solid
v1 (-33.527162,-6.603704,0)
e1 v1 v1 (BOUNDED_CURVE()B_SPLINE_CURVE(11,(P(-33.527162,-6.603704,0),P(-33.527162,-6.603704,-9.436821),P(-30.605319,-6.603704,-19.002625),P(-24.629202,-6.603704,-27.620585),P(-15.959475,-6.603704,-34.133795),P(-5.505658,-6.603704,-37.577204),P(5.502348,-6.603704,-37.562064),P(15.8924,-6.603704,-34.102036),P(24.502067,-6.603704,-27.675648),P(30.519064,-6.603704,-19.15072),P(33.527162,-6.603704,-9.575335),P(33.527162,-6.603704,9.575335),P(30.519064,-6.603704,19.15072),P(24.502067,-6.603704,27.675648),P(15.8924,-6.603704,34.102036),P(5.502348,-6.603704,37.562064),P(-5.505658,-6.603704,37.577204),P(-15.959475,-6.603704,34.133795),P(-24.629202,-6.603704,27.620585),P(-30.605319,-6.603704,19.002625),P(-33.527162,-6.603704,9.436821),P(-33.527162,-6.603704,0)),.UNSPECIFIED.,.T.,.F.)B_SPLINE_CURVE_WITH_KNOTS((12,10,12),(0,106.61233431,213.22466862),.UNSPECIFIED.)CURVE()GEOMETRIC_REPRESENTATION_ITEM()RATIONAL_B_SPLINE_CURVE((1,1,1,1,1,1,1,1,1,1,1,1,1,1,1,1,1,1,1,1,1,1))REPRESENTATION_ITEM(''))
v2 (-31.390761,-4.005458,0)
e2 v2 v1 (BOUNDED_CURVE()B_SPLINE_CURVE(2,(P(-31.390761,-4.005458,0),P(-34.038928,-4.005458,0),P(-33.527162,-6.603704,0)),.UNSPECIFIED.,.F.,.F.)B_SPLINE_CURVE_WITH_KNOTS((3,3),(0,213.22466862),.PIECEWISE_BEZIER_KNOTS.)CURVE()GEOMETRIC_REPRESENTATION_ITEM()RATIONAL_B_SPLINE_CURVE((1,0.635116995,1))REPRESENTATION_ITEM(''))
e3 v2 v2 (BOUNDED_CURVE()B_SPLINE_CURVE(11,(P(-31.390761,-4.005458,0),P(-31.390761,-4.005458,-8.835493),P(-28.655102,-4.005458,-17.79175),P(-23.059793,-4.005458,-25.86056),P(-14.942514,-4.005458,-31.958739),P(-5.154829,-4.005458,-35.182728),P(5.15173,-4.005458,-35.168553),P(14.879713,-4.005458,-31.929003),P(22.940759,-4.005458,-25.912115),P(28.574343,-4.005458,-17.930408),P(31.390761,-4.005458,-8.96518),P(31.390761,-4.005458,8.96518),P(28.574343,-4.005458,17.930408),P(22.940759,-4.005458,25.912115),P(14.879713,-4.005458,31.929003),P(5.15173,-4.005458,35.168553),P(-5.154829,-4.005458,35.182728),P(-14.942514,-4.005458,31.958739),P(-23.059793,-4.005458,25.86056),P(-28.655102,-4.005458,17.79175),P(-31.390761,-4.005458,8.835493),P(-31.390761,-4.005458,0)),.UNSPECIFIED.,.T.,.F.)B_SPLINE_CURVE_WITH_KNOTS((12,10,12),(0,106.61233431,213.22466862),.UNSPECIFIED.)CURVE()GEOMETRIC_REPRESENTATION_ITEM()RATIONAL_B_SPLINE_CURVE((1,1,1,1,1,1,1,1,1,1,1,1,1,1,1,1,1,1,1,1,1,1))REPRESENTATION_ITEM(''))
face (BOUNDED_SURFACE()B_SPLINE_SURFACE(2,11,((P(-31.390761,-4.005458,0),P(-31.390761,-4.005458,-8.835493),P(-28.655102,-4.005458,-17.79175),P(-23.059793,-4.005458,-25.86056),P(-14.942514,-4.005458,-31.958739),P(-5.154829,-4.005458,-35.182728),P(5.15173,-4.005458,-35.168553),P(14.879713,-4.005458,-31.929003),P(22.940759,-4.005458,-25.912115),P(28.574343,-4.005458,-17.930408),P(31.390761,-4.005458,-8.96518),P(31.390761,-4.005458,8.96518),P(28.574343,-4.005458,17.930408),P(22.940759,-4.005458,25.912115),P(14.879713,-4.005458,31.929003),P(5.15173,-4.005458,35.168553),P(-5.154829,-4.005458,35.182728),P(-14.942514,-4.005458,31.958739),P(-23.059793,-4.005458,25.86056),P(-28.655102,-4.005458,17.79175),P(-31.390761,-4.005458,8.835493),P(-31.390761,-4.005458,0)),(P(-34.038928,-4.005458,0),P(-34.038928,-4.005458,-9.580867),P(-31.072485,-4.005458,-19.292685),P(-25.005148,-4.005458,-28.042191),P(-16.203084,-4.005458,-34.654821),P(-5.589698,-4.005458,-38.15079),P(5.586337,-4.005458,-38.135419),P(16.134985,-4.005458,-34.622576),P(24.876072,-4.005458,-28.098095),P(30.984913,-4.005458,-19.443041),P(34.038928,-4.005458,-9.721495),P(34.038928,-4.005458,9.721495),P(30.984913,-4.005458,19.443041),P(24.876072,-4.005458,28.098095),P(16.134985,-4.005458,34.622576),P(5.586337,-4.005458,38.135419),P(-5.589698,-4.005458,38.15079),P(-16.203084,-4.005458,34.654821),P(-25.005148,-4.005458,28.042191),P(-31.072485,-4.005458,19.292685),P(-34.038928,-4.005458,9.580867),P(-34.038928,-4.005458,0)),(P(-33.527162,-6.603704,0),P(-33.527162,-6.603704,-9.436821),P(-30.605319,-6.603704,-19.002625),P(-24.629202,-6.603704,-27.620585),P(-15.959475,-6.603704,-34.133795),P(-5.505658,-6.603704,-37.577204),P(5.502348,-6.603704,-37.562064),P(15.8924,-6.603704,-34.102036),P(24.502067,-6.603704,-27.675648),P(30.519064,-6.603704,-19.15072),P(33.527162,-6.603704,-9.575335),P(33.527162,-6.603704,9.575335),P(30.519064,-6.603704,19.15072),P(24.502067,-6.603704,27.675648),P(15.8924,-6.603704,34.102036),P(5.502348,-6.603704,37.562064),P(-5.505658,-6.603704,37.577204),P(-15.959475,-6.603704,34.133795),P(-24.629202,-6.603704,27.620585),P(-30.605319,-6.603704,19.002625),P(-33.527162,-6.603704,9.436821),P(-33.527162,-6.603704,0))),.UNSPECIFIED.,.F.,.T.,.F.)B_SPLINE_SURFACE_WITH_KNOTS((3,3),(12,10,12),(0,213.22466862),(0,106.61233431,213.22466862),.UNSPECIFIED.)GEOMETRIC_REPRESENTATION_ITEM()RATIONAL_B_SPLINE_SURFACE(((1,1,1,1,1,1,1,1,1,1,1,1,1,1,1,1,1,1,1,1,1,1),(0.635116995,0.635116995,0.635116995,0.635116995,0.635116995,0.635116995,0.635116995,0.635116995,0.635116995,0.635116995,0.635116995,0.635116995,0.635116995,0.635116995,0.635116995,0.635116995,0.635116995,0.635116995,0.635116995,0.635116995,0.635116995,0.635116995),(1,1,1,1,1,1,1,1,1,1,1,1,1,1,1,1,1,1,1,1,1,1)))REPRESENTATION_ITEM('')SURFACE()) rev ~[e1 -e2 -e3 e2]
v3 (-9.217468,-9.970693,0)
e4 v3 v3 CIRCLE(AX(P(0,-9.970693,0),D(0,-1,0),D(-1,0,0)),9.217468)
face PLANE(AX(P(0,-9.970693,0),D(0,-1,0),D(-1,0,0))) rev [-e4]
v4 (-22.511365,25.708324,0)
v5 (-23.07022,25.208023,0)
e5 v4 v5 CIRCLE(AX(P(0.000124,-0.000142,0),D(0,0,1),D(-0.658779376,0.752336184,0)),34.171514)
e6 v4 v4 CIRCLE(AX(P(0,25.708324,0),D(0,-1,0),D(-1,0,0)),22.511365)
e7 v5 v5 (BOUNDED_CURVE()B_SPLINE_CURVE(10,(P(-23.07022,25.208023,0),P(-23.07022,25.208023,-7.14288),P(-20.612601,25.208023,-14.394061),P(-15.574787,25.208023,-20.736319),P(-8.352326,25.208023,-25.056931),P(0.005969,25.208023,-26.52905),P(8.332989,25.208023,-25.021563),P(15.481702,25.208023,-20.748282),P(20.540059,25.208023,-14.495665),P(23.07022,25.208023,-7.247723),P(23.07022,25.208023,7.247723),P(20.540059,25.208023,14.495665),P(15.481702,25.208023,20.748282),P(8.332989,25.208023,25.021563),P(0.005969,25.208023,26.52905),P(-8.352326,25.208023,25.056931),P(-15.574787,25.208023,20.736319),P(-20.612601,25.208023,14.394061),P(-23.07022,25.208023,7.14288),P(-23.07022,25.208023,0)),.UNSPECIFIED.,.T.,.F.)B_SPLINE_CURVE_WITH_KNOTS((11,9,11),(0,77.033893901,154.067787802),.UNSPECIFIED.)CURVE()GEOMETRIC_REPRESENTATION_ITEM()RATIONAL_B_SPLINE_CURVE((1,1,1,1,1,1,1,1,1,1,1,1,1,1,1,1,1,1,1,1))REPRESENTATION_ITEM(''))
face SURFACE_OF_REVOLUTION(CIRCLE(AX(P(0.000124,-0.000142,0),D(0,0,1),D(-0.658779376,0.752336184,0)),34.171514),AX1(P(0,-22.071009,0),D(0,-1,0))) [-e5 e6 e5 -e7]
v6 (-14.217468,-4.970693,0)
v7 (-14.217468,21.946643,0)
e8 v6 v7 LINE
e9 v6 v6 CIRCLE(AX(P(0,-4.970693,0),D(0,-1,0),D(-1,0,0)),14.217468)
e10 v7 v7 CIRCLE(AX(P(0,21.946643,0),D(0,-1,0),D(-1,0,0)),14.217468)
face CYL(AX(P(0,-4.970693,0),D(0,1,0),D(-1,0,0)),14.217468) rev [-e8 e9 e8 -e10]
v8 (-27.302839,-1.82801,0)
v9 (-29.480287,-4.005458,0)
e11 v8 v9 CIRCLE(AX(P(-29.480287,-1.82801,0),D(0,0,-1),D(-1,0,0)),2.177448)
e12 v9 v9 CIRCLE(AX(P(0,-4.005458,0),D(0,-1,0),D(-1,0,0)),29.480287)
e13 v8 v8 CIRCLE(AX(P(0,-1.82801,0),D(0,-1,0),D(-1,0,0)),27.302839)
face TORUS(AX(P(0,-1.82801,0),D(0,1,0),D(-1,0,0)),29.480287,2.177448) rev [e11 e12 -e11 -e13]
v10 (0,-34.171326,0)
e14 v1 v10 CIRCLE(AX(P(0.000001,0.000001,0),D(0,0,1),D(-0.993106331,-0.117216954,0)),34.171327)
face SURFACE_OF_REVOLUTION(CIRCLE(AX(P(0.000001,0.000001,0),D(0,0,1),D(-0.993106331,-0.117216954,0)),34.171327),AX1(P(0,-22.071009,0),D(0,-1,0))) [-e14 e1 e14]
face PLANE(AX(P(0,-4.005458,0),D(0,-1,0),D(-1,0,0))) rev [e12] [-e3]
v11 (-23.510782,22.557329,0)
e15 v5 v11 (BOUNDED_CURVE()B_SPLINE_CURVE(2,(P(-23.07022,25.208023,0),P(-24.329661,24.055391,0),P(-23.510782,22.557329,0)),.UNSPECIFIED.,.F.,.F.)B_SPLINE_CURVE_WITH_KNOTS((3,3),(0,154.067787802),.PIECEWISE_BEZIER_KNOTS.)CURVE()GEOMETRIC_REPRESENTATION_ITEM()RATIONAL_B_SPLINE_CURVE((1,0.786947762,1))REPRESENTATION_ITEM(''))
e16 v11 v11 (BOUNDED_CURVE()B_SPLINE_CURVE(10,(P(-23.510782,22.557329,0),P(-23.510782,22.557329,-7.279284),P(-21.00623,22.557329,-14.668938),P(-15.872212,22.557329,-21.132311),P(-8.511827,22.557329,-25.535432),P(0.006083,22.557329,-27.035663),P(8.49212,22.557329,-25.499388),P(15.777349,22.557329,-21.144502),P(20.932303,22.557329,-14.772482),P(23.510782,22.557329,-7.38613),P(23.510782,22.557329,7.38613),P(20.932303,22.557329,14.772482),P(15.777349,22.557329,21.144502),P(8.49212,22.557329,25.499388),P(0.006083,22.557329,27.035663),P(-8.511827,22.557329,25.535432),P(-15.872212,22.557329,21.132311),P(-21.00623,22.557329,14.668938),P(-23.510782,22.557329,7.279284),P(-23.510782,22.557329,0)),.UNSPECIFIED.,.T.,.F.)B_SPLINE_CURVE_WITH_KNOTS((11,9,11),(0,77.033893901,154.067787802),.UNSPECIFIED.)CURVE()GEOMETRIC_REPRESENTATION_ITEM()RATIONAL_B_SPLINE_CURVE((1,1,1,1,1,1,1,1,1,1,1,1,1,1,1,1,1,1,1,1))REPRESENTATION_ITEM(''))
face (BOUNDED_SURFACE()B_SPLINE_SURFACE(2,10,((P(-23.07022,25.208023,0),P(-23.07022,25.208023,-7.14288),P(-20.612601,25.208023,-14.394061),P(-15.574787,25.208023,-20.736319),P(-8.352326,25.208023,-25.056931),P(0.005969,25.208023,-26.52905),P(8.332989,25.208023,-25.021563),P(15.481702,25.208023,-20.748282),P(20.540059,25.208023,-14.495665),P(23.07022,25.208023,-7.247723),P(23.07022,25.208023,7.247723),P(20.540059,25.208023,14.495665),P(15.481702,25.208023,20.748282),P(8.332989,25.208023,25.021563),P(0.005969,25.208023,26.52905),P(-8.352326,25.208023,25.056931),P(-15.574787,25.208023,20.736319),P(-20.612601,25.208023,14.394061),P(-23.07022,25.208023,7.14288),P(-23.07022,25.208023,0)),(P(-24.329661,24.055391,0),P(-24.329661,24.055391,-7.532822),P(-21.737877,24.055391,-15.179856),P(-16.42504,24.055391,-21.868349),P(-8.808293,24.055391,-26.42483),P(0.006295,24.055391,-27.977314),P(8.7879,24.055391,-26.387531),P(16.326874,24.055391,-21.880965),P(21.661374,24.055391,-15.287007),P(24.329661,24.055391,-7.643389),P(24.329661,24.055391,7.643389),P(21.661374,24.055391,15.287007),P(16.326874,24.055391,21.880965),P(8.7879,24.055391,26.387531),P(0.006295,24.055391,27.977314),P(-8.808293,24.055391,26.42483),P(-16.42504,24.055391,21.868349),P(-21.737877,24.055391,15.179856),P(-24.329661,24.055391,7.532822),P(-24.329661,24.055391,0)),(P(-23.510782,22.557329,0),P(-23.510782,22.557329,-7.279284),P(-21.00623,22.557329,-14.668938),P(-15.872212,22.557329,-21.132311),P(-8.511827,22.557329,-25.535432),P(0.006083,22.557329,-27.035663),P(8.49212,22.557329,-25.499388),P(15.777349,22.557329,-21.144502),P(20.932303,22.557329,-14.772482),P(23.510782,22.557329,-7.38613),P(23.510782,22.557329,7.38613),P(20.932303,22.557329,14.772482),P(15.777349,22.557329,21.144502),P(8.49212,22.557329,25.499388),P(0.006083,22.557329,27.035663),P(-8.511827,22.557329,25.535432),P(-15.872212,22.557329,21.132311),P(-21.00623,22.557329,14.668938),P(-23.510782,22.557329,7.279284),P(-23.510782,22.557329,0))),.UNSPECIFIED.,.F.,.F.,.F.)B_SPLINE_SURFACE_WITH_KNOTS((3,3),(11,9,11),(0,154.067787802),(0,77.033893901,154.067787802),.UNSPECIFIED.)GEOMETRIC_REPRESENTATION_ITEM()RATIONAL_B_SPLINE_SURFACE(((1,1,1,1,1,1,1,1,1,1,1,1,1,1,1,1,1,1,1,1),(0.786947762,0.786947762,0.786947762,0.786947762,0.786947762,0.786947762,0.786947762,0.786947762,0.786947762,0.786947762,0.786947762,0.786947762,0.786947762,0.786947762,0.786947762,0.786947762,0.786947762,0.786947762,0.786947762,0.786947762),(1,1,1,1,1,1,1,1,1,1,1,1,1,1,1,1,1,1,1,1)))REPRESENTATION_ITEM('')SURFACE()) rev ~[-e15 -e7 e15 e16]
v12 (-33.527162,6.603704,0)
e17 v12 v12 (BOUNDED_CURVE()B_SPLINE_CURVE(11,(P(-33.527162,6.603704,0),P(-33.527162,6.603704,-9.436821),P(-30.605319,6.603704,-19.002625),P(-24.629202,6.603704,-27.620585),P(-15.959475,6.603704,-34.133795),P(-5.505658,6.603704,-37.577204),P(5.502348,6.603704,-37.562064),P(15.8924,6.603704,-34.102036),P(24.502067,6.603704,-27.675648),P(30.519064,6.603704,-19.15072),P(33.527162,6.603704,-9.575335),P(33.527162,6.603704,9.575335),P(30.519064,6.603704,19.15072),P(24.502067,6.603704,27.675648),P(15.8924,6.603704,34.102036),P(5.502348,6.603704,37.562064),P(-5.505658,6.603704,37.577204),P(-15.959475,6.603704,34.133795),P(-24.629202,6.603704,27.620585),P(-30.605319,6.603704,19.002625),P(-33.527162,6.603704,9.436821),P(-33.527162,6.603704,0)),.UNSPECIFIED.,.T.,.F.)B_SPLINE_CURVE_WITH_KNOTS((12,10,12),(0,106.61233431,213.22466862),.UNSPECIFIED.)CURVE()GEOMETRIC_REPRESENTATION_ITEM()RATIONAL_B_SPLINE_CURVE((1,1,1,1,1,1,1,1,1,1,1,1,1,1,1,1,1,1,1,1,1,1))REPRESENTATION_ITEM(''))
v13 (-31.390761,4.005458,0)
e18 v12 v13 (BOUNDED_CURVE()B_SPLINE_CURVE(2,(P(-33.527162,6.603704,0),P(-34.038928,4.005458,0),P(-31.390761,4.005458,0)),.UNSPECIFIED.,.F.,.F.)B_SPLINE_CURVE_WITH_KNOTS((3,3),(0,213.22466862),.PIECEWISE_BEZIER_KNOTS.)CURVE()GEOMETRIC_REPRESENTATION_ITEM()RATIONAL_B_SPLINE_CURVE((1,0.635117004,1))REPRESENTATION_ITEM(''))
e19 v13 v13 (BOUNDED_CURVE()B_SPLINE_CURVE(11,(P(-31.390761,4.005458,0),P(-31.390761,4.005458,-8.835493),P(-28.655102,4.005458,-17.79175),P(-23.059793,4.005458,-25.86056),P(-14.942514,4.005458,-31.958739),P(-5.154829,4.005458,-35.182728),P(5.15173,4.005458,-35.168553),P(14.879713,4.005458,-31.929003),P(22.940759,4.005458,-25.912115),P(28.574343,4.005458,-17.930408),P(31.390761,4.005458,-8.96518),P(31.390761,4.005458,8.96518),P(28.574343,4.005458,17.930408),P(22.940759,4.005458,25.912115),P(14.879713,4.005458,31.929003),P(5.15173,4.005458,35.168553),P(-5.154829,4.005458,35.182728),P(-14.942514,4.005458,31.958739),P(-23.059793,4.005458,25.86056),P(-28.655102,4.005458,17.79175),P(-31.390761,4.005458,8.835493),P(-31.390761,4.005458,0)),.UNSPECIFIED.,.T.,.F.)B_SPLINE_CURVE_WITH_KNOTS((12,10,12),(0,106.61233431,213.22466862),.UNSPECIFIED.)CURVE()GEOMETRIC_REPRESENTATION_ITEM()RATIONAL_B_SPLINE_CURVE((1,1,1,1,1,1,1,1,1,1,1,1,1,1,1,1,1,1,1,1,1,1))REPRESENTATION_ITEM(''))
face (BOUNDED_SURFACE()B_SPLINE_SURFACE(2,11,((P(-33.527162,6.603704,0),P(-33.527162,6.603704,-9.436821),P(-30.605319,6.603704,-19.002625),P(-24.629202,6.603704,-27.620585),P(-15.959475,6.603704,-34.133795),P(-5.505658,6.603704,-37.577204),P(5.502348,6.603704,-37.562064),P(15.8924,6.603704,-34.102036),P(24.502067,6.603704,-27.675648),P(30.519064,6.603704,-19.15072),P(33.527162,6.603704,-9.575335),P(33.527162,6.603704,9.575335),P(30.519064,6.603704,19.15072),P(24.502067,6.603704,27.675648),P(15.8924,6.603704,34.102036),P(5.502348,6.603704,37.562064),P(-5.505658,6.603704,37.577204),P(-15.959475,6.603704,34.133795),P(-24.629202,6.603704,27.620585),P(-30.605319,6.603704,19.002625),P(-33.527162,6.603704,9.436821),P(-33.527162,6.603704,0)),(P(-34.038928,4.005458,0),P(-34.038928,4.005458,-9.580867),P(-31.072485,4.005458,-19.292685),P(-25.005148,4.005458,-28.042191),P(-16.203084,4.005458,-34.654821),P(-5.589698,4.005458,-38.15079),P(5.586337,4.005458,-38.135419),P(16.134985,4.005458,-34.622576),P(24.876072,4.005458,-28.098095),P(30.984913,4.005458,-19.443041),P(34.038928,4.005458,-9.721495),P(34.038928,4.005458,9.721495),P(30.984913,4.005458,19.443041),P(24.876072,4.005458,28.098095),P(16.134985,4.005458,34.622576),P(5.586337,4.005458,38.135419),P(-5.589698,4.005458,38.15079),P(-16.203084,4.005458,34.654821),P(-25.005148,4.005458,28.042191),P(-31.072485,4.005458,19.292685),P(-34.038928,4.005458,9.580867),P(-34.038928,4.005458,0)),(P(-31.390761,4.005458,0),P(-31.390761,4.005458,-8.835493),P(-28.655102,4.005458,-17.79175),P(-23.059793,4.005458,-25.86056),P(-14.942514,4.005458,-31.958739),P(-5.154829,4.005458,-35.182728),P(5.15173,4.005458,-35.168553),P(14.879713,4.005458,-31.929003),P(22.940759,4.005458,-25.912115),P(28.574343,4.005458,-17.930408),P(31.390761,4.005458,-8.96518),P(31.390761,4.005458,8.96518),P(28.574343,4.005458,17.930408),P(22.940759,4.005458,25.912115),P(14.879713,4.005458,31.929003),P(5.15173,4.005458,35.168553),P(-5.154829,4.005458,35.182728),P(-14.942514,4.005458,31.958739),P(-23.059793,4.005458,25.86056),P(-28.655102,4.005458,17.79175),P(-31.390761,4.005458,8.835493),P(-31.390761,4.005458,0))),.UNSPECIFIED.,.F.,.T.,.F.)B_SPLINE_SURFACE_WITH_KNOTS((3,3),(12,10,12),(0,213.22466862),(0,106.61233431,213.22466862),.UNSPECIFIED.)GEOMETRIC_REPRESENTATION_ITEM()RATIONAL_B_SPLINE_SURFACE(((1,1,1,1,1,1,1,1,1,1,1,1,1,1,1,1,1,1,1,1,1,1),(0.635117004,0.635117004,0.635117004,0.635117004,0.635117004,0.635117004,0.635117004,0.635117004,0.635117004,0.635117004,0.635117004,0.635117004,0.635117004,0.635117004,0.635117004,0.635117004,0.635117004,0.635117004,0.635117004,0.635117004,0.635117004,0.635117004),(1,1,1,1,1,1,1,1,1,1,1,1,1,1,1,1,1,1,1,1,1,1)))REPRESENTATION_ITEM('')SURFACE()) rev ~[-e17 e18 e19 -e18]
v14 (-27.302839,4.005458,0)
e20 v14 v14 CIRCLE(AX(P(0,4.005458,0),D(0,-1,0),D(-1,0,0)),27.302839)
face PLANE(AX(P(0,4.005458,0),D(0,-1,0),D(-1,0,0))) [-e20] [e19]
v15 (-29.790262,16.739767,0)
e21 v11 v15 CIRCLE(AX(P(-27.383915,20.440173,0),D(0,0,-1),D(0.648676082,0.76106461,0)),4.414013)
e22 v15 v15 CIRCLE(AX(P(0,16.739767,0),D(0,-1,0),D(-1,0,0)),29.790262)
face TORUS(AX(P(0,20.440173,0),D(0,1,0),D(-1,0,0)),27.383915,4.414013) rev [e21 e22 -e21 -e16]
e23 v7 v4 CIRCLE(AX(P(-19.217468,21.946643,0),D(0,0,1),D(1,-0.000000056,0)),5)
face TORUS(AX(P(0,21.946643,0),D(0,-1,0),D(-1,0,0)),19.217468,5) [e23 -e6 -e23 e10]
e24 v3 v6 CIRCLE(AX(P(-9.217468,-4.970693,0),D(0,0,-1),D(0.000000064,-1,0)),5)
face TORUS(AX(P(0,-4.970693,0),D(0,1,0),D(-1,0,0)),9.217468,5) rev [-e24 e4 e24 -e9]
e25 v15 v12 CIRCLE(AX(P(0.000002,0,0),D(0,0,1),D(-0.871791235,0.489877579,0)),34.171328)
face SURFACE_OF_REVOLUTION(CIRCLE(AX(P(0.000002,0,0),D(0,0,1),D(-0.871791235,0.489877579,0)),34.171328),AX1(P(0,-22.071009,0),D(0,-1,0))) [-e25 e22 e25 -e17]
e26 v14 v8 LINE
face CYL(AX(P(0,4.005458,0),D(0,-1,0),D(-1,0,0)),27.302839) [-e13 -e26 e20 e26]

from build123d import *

# Parameters (mm, degrees)
F2_R = 2.177448


with BuildPart() as f1:
    # F0 (on Top) → F1 (revolve)
    with BuildSketch(Plane.XY):
        with BuildLine():
            ThreePointArc((-14.217468, 21.946643), (-17.152218, 26.500185), (-22.511365, 25.708324))
            ThreePointArc((-22.511365, 25.708324), (-23.535367, 24.774301), (-24.52065, 23.799522))
            ThreePointArc((-24.52065, 23.799522), (-23.846652, 17.799854), (-29.790262, 16.739767))
            ThreePointArc((-29.790262, 16.739767), (-32.492955, 10.577683), (-33.93576, 4.005458))
            Line((-33.93576, 4.005458), (-27.302839, 4.005458))
            Line((-27.302839, 4.005458), (-27.302839, -4.005458))
            Line((-27.302839, -4.005458), (-33.93576, -4.005458))
            ThreePointArc((-33.93576, -4.005458), (-22.702507, -25.539688), (0, -34.171326))
            Line((0, -34.171326), (0, -9.970693))
            Line((0, -9.970693), (-9.217468, -9.970693))
            ThreePointArc((-9.217468, -9.970693), (-12.753002, -8.506227), (-14.217468, -4.970693))
            Line((-14.217468, -4.970693), (-14.217468, 21.946643))
        make_face()
    revolve(axis=Axis((0, -22.071009, 0), (0, -1, 0)))

    # F2
    f2_edges = [f1.edges().sort_by_distance(p)[0] for p in [
        (33.93576, 4.005458, 0),
        (27.302839, -4.005458, 0),
        (24.52065, 23.799522, 0),
        (33.93576, -4.005458, 0),
    ]]
    fillet(f2_edges, radius=F2_R)


solid = f1.part
